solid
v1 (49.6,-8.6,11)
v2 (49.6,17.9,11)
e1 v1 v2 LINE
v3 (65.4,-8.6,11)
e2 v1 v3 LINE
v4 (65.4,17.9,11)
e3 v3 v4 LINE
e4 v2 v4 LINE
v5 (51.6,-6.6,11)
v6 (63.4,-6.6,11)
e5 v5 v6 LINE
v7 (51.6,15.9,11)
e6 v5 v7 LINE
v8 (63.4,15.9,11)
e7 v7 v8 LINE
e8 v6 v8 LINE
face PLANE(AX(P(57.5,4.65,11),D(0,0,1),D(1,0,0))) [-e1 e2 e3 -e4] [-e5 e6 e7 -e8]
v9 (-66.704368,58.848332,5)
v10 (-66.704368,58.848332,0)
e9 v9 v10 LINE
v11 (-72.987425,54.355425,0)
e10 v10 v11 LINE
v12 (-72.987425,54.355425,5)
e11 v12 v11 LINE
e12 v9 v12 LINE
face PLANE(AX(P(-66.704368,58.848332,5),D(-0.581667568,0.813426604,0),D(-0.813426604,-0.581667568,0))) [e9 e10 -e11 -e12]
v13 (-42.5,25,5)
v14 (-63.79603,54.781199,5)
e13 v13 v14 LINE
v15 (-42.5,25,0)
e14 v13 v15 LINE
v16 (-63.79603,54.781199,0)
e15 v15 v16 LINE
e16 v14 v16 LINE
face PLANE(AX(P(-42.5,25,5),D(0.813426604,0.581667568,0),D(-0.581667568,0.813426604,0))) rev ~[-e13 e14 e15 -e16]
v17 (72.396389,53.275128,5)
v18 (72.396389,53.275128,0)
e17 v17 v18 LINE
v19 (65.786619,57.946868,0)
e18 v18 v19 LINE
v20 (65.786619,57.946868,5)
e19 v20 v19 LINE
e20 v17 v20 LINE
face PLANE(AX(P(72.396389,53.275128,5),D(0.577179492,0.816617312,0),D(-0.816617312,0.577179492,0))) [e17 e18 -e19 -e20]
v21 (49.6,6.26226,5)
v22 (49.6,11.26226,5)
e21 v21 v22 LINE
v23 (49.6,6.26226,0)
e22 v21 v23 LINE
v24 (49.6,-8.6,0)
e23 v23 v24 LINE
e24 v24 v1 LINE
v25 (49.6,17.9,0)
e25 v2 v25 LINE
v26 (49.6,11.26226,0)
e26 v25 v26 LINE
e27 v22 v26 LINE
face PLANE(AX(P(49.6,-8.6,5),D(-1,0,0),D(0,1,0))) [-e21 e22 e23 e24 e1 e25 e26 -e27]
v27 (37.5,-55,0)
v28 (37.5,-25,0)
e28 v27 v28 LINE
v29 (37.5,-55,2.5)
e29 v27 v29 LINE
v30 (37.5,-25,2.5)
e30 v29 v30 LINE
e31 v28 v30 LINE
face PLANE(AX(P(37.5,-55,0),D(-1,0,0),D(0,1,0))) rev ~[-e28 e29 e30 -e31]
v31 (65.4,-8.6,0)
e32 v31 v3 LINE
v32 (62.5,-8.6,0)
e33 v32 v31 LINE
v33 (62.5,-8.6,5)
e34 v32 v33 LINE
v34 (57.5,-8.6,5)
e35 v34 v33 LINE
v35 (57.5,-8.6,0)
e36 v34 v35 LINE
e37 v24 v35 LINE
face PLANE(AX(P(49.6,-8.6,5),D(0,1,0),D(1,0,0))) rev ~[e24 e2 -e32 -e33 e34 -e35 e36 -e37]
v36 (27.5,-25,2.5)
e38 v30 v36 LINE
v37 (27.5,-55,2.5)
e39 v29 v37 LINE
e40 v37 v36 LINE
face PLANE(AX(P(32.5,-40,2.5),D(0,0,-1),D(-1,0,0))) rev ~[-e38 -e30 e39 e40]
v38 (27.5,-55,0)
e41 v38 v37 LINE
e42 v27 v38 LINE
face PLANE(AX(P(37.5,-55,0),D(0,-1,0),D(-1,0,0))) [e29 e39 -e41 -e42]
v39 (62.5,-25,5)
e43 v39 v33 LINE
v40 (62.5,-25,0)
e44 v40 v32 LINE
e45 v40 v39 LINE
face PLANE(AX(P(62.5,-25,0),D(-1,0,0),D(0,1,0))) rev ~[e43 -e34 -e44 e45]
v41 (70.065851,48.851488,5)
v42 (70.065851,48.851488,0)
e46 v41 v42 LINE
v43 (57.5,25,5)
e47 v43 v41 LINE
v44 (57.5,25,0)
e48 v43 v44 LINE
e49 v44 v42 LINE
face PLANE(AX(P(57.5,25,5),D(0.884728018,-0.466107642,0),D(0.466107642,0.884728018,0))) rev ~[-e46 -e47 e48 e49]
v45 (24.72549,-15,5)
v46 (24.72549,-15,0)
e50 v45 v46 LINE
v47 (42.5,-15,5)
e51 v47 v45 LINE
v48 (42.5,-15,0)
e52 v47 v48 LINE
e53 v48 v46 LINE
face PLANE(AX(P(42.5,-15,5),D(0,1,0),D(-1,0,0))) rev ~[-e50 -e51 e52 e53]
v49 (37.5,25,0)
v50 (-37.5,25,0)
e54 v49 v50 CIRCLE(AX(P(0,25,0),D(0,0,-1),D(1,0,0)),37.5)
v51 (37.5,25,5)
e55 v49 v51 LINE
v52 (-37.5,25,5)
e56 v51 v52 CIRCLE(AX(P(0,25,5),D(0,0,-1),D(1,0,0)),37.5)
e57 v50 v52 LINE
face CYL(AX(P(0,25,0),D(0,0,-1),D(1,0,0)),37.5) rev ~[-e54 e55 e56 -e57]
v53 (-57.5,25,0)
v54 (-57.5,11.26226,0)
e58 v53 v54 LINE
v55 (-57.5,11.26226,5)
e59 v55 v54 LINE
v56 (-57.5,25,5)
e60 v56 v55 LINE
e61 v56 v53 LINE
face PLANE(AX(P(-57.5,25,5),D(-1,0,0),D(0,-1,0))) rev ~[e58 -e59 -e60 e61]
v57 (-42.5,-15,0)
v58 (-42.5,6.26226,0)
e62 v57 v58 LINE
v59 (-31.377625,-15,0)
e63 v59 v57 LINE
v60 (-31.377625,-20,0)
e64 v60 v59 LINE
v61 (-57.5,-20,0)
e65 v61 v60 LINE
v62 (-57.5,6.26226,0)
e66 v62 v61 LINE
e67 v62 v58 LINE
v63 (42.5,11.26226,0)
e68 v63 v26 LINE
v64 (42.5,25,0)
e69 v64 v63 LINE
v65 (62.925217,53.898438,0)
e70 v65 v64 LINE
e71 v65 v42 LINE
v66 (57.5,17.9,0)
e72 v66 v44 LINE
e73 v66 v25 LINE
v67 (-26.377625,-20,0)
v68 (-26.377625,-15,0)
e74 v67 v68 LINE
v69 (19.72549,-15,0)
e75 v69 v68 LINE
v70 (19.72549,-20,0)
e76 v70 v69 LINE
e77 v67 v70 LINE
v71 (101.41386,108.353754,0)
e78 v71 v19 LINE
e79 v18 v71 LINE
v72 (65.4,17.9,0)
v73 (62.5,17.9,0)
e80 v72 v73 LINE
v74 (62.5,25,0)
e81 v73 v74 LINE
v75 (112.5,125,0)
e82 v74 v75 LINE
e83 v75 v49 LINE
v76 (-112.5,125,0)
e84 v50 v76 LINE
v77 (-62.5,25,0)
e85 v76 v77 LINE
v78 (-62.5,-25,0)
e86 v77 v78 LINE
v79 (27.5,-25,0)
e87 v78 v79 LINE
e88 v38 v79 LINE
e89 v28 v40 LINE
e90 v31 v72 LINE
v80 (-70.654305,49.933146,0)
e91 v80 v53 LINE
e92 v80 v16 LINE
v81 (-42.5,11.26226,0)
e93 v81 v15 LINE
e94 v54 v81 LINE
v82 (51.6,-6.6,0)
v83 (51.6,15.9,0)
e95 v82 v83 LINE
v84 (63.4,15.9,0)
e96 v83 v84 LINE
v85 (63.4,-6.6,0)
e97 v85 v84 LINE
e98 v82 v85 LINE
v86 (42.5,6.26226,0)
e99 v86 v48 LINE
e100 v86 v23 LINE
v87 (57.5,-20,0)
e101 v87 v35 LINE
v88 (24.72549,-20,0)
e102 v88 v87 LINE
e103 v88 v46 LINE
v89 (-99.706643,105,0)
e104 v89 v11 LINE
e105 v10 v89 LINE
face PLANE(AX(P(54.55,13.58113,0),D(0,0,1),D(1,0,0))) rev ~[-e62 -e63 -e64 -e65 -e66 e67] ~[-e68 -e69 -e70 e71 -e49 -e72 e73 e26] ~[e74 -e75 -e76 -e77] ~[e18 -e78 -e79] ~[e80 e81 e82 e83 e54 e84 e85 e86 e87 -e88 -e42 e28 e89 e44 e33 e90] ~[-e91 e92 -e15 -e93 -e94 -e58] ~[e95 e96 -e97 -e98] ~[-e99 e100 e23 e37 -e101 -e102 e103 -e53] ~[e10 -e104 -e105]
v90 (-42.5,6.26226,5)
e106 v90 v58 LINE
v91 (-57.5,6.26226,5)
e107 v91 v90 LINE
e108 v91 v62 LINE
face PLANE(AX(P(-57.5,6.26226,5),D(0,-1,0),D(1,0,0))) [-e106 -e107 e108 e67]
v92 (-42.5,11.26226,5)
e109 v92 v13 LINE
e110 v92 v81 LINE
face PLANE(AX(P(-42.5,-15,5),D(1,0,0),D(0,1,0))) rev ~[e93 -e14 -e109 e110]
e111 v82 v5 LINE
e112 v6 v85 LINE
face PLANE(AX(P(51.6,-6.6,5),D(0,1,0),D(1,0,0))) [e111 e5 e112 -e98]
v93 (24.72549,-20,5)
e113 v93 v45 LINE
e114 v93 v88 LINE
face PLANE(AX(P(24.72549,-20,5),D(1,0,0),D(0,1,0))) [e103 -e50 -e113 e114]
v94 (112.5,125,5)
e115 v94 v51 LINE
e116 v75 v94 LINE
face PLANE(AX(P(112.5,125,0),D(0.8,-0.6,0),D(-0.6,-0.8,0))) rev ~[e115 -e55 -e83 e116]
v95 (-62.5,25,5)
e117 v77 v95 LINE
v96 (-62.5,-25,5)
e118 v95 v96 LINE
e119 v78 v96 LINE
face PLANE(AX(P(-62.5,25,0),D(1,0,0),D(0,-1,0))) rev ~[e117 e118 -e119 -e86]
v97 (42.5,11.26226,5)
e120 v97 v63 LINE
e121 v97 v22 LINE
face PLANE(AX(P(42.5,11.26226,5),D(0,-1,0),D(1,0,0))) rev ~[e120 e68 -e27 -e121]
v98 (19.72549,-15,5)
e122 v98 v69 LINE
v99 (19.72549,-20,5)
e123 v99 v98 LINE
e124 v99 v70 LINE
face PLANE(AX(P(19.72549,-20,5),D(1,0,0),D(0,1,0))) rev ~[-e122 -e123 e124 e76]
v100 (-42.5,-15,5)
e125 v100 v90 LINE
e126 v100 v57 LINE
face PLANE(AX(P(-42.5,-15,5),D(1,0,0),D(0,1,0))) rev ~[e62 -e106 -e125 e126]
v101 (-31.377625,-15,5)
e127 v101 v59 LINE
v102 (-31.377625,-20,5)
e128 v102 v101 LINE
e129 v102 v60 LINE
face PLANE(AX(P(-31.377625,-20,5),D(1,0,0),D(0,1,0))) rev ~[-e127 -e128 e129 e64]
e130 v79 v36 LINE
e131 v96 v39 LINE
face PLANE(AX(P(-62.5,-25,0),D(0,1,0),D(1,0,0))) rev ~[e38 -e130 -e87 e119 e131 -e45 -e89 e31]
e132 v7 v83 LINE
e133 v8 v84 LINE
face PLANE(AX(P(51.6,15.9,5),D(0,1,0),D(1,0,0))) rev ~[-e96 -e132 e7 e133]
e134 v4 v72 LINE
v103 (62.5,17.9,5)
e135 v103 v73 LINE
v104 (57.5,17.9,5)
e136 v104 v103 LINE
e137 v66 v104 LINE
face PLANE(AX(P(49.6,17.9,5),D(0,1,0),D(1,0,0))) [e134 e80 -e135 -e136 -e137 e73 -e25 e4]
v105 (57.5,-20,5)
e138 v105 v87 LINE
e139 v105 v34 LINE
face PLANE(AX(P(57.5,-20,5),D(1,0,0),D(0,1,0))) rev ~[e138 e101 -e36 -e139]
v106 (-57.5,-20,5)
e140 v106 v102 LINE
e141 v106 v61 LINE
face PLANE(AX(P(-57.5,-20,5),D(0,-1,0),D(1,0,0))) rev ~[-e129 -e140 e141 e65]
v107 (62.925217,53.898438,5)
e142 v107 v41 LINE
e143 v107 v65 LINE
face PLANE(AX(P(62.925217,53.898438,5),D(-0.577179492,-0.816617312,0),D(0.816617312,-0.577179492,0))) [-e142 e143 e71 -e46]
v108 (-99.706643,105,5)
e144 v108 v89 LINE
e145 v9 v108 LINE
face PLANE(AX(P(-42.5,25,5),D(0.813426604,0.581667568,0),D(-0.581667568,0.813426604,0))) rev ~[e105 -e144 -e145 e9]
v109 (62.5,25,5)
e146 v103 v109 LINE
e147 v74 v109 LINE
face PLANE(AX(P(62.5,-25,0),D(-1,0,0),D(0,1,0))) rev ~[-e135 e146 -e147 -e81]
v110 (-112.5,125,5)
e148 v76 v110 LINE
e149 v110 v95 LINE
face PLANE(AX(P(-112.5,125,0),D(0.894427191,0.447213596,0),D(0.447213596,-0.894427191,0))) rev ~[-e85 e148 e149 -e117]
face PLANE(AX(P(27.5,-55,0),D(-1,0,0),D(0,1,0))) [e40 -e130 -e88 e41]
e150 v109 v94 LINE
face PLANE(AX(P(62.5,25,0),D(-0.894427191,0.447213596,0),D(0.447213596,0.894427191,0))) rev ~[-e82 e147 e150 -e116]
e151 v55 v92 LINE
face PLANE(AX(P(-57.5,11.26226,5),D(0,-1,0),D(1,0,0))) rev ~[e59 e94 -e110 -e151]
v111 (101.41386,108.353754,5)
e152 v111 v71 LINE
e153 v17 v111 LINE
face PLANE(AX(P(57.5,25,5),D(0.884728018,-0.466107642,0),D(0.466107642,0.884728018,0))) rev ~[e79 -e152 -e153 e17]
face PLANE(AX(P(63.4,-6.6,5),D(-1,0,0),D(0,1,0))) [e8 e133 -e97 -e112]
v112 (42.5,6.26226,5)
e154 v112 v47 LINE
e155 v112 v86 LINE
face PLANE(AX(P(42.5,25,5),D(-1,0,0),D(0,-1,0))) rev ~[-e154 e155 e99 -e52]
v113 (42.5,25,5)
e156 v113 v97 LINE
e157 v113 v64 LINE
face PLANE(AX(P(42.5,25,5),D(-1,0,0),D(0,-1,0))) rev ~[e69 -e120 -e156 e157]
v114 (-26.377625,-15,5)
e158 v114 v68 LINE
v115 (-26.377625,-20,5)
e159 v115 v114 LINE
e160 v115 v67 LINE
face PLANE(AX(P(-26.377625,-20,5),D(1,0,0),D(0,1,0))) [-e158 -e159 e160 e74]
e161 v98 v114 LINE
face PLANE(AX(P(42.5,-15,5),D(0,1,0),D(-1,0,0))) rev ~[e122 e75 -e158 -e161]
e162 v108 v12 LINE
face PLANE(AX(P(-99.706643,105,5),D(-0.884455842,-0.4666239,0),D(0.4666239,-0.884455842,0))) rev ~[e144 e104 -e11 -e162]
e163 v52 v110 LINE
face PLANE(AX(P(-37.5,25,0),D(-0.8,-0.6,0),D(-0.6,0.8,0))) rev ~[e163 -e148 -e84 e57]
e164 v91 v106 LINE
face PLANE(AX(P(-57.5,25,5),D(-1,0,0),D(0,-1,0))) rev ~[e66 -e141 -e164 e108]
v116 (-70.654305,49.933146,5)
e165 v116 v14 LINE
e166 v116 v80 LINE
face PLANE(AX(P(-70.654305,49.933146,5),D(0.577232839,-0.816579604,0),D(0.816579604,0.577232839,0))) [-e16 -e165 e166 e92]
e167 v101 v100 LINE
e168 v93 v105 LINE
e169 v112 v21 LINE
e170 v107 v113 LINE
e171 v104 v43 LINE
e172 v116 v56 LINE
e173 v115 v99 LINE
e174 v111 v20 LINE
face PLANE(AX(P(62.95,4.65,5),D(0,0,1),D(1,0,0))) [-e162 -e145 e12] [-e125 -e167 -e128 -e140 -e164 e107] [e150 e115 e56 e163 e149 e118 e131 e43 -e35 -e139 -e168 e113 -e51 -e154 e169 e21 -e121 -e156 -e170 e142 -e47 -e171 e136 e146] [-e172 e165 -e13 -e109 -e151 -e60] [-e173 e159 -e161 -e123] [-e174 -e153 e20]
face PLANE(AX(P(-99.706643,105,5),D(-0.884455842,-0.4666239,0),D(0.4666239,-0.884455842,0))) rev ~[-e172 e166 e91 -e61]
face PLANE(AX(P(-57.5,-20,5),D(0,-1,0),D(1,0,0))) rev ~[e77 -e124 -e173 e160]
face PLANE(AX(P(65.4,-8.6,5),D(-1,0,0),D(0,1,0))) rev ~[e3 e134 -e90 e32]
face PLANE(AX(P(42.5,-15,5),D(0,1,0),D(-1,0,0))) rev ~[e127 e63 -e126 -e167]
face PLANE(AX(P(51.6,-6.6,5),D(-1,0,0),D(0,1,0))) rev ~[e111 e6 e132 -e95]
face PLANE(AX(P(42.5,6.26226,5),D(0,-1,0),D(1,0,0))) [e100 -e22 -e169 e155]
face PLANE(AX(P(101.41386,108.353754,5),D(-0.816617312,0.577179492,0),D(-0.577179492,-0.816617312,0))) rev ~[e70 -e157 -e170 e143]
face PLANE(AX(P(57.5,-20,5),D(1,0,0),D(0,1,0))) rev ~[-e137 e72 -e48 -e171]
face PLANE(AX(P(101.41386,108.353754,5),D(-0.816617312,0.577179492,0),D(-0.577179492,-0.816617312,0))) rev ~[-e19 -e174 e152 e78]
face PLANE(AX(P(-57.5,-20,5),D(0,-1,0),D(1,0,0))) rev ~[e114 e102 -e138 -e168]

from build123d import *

# Parameters (mm, degrees)
BOSS_EXTRUDE1_DEPTH = 5
CUT_EXTRUDE1_DEPTH  = 10
SKETCH3_W           = 5
SKETCH3_H           = 5
SKETCH3_W_2         = 15
BOSS_EXTRUDE2_DEPTH = 5
SKETCH5_W           = 10
SKETCH5_H           = 30
BOSS_EXTRUDE3_DEPTH = 2.5
SKETCH6_W           = 5.9
SKETCH6_H           = 4.637740471
SKETCH6_H_2         = 12.862259529
SKETCH6_W_2         = 5
SKETCH6_H_3         = 2
SKETCH6_W_3         = 2
SKETCH6_H_4         = 3.737740471
SKETCH6_H_5         = 1.262259529
BOSS_EXTRUDE6_DEPTH = 5
SKETCH7_W           = 0.9
SKETCH7_H           = 22.5
BOSS_EXTRUDE7_DEPTH = 5
SKETCH8_W           = 11.8
SKETCH8_H           = 22.5
CUT_EXTRUDE2_DEPTH  = 5
SKETCH9_W           = 15.8
SKETCH9_H           = 26.5
SKETCH9_W_2         = 11.8
SKETCH9_H_2         = 22.5
BOSS_EXTRUDE8_DEPTH = 6


with BuildPart() as part:
    # Sketch1 → Boss-Extrude1 (new body)
    with BuildSketch(Plane.XY):
        Polygon((-37.5, 25), (-112.5, 125), (-62.5, 25), align=None)
        with BuildLine():
            Line((-37.5, 25), (-62.5, 25))
            Line((-62.5, 25), (-62.5, -25))
            Line((-62.5, -25), (62.5, -25))
            Line((62.5, -25), (62.5, 25))
            Line((62.5, 25), (37.5, 25))
            ThreePointArc((37.5, 25), (0, -12.5), (-37.5, 25))
        make_face()
        Polygon((112.5, 125), (37.5, 25), (62.5, 25), align=None)
    extrude(amount=BOSS_EXTRUDE1_DEPTH)

    # Sketch2 → Cut-Extrude1 (cut)
    with BuildSketch(Plane.XY.offset(5)):
        Polygon((42.5, -15), (-42.5, -15), (-42.5, 25), (-57.5, 25), (-57.5, -20), (57.5, -20), (57.5, 25), (42.5, 25), align=None)
        Polygon((-57.5, 25), (-42.5, 25), (-99.706643081, 105), align=None)
        Polygon((101.413859584, 108.353754457), (42.5, 25), (57.5, 25), align=None)
    extrude(amount=-CUT_EXTRUDE1_DEPTH, mode=Mode.SUBTRACT)

    # Sketch3 → Boss-Extrude2 (add)
    with BuildSketch(Plane.XY.offset(5)):
        with Locations((-28.877625422, -17.5)):
            Rectangle(SKETCH3_W, SKETCH3_H)
        with Locations((22.225490127, -17.5)):
            Rectangle(SKETCH3_W, SKETCH3_H)
        with Locations((50, 8.762259529)):
            Rectangle(SKETCH3_W_2, SKETCH3_H)
        with Locations((-50, 8.762259529)):
            Rectangle(SKETCH3_W_2, SKETCH3_H)
        Polygon((-70.654305037, 49.93314621), (-63.796030498, 54.781199316), (-66.704368337, 58.848332338), (-72.987424539, 54.355425418), align=None)
        Polygon((65.786619226, 57.946867762), (62.925217298, 53.89843849), (70.065851227, 48.851487608), (72.396389437, 53.275127699), align=None)
    extrude(amount=-BOSS_EXTRUDE2_DEPTH)

    # Sketch5 → Boss-Extrude3 (add)
    with BuildSketch(Plane(origin=(0, 0, 0), x_dir=(-1, 0, 0), z_dir=(0, 0, -1))):
        with Locations((-32.5, -40)):
            Rectangle(SKETCH5_W, SKETCH5_H)
    extrude(amount=-BOSS_EXTRUDE3_DEPTH)

    # Sketch6 → Boss-Extrude6 (add)
    with BuildSketch(Plane.XY.offset(5)):
        with Locations((54.55, 13.581129765)):
            Rectangle(SKETCH6_W, SKETCH6_H)
        Polygon((51.6, 11.262259529), (51.6, 10), (57.5, 10), (62.5, 10), (62.5, 15.9), (57.5, 15.9), (57.5, 11.262259529), align=None)
        Polygon((57.5, 10), (51.6, 10), (51.6, 6.262259529), (57.5, 6.262259529), (57.5, -6.6), (62.5, -6.6), (62.5, 10), align=None)
        with Locations((54.55, -0.168870236)):
            Rectangle(SKETCH6_W, SKETCH6_H_2)
        Polygon((63.4, 15.9), (63.4, 10), (63.4, -6.6), (62.5, -6.6), (62.5, -8.6), (65.4, -8.6), (65.4, 17.9), (62.5, 17.9), (62.5, 15.9), align=None)
        with Locations((60, 16.9)):
            Rectangle(SKETCH6_W_2, SKETCH6_H_3)
        Polygon((49.6, 11.262259529), (51.6, 11.262259529), (51.6, 15.9), (57.5, 15.9), (57.5, 17.9), (49.6, 17.9), align=None)
        Polygon((51.6, -6.6), (51.6, 6.262259529), (49.6, 6.262259529), (49.6, -8.6), (57.5, -8.6), (57.5, -6.6), align=None)
        with Locations((60, -7.6)):
            Rectangle(SKETCH6_W_2, SKETCH6_H_3)
        with Locations((50.6, 8.131129765)):
            Rectangle(SKETCH6_W_3, SKETCH6_H_4)
        with Locations((50.6, 10.631129765)):
            Rectangle(SKETCH6_W_3, SKETCH6_H_5)
    extrude(amount=-BOSS_EXTRUDE6_DEPTH)

    # Sketch7 → Boss-Extrude7 (add)
    with BuildSketch(Plane.XY.offset(5)):
        with Locations((62.95, 4.65)):
            Rectangle(SKETCH7_W, SKETCH7_H)
    extrude(amount=-BOSS_EXTRUDE7_DEPTH)

    # Sketch8 → Cut-Extrude2 (cut)
    with BuildSketch(Plane.XY.offset(5)):
        with Locations((57.5, 4.65)):
            Rectangle(SKETCH8_W, SKETCH8_H)
    extrude(amount=-CUT_EXTRUDE2_DEPTH, mode=Mode.SUBTRACT)

    # Sketch9 → Boss-Extrude8 (add)
    with BuildSketch(Plane.XY.offset(5)):
        with Locations((57.5, 4.65)):
            Rectangle(SKETCH9_W, SKETCH9_H)
        with Locations((57.5, 4.65)):
            Rectangle(SKETCH9_W_2, SKETCH9_H_2, mode=Mode.SUBTRACT)
    extrude(amount=BOSS_EXTRUDE8_DEPTH)


solid = part.part
